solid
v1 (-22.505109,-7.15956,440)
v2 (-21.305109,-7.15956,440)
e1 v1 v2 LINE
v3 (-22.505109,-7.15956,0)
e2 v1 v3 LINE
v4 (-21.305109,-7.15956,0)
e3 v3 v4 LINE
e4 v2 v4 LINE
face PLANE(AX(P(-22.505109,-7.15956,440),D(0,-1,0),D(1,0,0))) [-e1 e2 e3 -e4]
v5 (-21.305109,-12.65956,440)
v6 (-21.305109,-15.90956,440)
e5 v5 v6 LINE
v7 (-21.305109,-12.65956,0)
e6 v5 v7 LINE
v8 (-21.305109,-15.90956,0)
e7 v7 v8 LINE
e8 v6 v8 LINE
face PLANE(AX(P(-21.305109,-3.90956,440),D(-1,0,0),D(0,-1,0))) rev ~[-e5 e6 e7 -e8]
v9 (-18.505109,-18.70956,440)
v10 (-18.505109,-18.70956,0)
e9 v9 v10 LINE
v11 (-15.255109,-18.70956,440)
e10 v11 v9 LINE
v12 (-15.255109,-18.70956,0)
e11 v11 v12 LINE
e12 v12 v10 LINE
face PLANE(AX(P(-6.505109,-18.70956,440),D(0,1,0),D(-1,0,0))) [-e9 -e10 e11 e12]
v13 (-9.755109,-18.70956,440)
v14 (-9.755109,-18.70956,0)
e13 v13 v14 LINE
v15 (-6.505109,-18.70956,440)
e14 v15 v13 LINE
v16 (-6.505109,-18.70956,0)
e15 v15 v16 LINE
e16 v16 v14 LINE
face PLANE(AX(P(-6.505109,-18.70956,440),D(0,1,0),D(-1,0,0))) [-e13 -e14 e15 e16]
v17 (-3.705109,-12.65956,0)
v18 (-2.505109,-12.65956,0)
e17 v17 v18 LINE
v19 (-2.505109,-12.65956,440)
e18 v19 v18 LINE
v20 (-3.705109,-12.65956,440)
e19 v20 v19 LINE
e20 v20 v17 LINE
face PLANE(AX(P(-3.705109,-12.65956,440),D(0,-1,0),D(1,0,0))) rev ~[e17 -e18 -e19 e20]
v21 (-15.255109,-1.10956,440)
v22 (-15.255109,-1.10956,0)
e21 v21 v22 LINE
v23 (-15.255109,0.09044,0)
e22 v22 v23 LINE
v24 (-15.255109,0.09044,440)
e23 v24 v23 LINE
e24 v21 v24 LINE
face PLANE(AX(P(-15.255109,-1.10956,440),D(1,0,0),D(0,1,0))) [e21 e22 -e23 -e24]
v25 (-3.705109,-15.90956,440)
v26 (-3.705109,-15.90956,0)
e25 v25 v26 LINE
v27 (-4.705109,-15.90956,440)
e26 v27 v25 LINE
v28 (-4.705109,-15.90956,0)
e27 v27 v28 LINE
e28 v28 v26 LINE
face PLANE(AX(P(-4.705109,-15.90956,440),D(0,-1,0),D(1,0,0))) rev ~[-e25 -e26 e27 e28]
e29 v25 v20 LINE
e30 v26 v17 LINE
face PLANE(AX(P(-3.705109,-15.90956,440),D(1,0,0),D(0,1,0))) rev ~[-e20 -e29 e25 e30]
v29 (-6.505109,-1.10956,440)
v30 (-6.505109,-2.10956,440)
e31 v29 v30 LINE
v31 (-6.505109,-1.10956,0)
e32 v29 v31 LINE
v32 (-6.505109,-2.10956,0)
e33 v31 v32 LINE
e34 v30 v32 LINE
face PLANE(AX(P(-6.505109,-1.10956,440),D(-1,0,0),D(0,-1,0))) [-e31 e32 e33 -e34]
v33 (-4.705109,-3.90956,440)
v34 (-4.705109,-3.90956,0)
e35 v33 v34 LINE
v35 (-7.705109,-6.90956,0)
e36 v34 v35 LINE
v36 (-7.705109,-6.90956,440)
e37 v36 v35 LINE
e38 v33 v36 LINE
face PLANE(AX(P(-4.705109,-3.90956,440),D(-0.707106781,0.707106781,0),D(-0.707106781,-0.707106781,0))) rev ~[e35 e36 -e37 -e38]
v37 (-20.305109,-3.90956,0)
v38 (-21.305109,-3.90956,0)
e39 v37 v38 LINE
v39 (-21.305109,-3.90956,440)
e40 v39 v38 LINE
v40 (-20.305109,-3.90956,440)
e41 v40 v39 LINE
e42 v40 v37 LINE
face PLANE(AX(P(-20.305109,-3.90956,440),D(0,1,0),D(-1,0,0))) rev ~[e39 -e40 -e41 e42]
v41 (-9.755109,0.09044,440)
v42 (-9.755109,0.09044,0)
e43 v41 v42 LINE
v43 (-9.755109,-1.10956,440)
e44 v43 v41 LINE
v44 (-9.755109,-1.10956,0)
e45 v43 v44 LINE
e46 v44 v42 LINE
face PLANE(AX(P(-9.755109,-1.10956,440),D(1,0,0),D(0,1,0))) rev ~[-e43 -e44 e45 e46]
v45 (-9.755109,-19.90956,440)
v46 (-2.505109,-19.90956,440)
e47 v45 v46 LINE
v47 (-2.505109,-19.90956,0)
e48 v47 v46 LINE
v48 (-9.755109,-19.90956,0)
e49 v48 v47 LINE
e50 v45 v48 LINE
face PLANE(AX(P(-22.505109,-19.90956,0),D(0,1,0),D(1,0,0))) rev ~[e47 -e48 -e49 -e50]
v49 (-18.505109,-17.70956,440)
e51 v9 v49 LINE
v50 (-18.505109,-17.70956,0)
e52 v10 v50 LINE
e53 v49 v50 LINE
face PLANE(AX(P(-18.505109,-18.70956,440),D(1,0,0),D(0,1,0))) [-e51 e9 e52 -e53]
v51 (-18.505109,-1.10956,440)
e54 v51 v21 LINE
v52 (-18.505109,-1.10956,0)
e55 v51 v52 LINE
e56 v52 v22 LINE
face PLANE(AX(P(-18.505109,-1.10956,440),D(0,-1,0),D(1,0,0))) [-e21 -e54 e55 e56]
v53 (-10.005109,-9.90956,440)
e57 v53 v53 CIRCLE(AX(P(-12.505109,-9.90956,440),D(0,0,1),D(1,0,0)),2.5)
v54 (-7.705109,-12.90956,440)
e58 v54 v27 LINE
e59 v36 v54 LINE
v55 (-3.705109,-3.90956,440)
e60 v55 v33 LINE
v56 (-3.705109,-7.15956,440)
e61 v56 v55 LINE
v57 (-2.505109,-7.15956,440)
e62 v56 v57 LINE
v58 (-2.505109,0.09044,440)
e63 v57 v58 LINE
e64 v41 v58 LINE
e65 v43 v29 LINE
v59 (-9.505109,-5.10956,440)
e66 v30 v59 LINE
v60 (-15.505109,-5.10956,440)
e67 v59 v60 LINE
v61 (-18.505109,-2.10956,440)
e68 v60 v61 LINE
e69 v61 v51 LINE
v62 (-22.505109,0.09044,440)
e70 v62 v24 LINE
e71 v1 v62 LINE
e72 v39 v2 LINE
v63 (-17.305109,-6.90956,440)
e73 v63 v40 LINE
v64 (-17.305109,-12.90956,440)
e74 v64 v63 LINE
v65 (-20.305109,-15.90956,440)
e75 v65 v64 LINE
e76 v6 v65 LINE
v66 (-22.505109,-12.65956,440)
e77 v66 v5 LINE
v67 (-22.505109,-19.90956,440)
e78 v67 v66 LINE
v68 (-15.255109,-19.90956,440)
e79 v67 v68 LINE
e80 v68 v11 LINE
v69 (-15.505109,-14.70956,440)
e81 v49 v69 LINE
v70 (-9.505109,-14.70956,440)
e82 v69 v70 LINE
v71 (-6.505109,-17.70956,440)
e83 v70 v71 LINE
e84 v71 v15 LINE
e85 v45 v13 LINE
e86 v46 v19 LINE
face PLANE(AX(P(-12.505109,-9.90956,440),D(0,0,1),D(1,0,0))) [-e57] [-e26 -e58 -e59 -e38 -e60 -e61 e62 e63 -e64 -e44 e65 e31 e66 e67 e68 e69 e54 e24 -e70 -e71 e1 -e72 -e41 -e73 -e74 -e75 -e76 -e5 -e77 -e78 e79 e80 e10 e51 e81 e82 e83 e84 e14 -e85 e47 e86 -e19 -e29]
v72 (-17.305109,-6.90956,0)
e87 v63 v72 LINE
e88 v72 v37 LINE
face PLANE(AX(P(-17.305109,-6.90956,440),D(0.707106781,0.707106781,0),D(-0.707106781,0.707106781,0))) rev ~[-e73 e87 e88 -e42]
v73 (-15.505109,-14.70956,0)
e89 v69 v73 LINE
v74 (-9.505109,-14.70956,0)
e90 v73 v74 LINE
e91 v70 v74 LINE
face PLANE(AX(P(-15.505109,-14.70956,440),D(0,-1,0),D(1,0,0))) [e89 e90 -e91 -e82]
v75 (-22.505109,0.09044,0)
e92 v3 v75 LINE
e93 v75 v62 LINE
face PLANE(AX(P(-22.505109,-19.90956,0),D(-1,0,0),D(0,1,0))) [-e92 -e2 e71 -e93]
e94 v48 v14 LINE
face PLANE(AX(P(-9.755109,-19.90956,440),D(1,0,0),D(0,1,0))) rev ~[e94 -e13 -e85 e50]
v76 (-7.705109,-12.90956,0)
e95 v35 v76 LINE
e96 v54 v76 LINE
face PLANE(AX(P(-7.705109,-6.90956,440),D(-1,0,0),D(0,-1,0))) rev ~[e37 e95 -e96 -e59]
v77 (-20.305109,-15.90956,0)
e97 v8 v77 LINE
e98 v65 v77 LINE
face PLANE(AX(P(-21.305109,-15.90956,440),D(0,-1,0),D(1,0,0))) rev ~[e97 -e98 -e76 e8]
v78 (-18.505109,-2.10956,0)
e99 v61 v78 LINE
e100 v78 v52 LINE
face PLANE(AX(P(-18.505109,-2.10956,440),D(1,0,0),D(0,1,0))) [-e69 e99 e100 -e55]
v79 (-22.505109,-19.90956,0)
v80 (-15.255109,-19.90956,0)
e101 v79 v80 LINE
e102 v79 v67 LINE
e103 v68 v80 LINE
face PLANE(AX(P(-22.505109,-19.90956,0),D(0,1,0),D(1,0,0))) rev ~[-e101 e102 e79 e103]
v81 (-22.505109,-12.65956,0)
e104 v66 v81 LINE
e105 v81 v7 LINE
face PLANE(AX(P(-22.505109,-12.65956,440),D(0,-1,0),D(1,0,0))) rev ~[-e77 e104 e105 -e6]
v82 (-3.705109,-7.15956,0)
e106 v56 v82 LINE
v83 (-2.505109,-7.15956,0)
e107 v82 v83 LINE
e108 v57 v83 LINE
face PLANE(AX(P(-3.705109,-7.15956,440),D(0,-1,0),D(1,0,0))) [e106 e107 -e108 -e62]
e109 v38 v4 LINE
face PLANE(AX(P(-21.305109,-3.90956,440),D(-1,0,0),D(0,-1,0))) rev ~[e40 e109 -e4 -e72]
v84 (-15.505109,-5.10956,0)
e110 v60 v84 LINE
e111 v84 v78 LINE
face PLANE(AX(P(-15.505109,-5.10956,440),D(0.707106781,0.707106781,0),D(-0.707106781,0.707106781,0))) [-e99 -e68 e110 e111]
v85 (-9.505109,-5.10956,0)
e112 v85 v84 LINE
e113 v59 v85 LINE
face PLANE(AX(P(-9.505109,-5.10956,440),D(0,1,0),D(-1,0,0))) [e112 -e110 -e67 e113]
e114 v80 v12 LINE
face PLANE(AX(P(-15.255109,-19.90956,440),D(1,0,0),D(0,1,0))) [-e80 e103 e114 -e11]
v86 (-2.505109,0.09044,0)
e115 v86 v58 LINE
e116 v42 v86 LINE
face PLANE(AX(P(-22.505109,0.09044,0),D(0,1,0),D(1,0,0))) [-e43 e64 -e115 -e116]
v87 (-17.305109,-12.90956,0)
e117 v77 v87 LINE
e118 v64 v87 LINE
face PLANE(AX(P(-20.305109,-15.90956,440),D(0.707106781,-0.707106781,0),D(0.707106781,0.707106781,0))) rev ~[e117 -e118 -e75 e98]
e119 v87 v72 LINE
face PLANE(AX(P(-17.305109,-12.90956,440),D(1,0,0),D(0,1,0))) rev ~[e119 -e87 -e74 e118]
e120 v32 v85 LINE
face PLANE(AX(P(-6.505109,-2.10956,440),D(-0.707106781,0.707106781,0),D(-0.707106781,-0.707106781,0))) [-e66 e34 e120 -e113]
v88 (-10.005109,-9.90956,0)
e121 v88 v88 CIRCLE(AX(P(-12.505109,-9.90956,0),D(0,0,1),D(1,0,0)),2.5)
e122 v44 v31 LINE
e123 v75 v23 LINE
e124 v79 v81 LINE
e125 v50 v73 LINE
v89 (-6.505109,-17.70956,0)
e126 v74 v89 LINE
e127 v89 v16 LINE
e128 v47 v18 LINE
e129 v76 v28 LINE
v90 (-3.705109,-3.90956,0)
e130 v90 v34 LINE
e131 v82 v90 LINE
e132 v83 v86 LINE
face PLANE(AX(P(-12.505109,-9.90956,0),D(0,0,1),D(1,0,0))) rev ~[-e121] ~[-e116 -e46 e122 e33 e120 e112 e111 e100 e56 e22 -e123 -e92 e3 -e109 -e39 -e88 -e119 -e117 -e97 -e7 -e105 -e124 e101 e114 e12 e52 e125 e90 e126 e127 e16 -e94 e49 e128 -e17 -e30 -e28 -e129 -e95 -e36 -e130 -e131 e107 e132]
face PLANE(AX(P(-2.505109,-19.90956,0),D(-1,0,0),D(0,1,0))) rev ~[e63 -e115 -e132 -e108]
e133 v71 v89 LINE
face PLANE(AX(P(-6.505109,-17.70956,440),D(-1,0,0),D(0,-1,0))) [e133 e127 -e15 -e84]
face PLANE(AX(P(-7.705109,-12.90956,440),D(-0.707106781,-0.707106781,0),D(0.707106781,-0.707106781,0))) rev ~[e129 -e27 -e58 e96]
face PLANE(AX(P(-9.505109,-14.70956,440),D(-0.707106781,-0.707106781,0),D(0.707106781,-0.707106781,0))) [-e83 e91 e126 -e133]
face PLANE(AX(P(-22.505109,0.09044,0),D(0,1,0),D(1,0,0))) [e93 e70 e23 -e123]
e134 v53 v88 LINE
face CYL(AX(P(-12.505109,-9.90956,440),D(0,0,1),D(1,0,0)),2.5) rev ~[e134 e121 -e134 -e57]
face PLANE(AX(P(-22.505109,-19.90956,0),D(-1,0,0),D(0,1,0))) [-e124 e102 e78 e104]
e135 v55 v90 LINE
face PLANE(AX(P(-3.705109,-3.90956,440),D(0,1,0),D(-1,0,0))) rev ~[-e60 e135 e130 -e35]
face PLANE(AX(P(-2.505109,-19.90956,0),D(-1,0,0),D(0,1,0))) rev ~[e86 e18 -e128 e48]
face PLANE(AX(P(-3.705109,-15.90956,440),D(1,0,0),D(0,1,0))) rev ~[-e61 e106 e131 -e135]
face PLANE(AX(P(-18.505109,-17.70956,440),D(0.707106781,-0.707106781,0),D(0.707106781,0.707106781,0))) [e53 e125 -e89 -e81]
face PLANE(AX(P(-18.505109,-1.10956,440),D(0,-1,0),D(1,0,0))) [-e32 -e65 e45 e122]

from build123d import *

# Parameters (mm, degrees)
ESQUISSE1_W             = 20
ESQUISSE1_H             = 20
BOSS_EXTRU_1_DEPTH      = 440
ESQUISSE2_W             = 1.2
ESQUISSE2_H             = 5.5
ESQUISSE2_W_2           = 5.5
ESQUISSE2_H_2           = 1.2
ENL_V_MAT_EXTRU_1_DEPTH = 441
ENL_V_MAT_EXTRU_2_DEPTH = 441
ESQUISSE4_R             = 2.5
ENL_V_MAT_EXTRU_3_DEPTH = 441


with BuildPart() as part:
    # Esquisse1 → Boss.-Extru.1 (new body)
    with BuildSketch(Plane.XY):
        with Locations((-12.505109137, -9.909560068)):
            Rectangle(ESQUISSE1_W, ESQUISSE1_H)
    extrude(amount=BOSS_EXTRU_1_DEPTH)

    # Esquisse2 → Enlèv. mat.-Extru.1 (cut, through all)
    with BuildSketch(Plane.XY.offset(440)):
        with Locations((-21.905109137, -9.909560068)):
            Rectangle(ESQUISSE2_W, ESQUISSE2_H)
        with Locations((-12.505109137, -0.509560068)):
            Rectangle(ESQUISSE2_W_2, ESQUISSE2_H_2)
        with Locations((-3.105109137, -9.909560068)):
            Rectangle(ESQUISSE2_W, ESQUISSE2_H)
        with Locations((-12.505109137, -19.309560068)):
            Rectangle(ESQUISSE2_W_2, ESQUISSE2_H_2)
    extrude(amount=-ENL_V_MAT_EXTRU_1_DEPTH, mode=Mode.SUBTRACT)

    # Esquisse3 → Enlèv. mat.-Extru.2 (cut, through all)
    with BuildSketch(Plane.XY.offset(440)):
        Polygon((-21.305109137, -15.909560068), (-20.305109137, -15.909560068), (-17.305109137, -12.909560068), (-17.305109137, -6.909560068), (-20.305109137, -3.909560068), (-21.305109137, -3.909560068), align=None)
        Polygon((-18.505109137, -1.109560068), (-6.505109137, -1.109560068), (-6.505109137, -2.109560068), (-9.505109137, -5.109560068), (-15.505109137, -5.109560068), (-18.505109137, -2.109560068), align=None)
        Polygon((-3.705109137, -3.909560068), (-4.705109137, -3.909560068), (-7.705109137, -6.909560068), (-7.705109137, -12.909560068), (-4.705109137, -15.909560068), (-3.705109137, -15.909560068), align=None)
        Polygon((-6.505109137, -18.709560068), (-18.505109137, -18.709560068), (-18.505109137, -17.709560068), (-15.505109137, -14.709560068), (-9.505109137, -14.709560068), (-6.505109137, -17.709560068), align=None)
    extrude(amount=-ENL_V_MAT_EXTRU_2_DEPTH, mode=Mode.SUBTRACT)

    # Esquisse4 → Enlèv. mat.-Extru.3 (cut, through all)
    with BuildSketch(Plane.XY.offset(440)):
        with Locations((-12.505109137, -9.909560068)):
            Circle(ESQUISSE4_R)
    extrude(amount=-ENL_V_MAT_EXTRU_3_DEPTH, mode=Mode.SUBTRACT)


solid = part.part
